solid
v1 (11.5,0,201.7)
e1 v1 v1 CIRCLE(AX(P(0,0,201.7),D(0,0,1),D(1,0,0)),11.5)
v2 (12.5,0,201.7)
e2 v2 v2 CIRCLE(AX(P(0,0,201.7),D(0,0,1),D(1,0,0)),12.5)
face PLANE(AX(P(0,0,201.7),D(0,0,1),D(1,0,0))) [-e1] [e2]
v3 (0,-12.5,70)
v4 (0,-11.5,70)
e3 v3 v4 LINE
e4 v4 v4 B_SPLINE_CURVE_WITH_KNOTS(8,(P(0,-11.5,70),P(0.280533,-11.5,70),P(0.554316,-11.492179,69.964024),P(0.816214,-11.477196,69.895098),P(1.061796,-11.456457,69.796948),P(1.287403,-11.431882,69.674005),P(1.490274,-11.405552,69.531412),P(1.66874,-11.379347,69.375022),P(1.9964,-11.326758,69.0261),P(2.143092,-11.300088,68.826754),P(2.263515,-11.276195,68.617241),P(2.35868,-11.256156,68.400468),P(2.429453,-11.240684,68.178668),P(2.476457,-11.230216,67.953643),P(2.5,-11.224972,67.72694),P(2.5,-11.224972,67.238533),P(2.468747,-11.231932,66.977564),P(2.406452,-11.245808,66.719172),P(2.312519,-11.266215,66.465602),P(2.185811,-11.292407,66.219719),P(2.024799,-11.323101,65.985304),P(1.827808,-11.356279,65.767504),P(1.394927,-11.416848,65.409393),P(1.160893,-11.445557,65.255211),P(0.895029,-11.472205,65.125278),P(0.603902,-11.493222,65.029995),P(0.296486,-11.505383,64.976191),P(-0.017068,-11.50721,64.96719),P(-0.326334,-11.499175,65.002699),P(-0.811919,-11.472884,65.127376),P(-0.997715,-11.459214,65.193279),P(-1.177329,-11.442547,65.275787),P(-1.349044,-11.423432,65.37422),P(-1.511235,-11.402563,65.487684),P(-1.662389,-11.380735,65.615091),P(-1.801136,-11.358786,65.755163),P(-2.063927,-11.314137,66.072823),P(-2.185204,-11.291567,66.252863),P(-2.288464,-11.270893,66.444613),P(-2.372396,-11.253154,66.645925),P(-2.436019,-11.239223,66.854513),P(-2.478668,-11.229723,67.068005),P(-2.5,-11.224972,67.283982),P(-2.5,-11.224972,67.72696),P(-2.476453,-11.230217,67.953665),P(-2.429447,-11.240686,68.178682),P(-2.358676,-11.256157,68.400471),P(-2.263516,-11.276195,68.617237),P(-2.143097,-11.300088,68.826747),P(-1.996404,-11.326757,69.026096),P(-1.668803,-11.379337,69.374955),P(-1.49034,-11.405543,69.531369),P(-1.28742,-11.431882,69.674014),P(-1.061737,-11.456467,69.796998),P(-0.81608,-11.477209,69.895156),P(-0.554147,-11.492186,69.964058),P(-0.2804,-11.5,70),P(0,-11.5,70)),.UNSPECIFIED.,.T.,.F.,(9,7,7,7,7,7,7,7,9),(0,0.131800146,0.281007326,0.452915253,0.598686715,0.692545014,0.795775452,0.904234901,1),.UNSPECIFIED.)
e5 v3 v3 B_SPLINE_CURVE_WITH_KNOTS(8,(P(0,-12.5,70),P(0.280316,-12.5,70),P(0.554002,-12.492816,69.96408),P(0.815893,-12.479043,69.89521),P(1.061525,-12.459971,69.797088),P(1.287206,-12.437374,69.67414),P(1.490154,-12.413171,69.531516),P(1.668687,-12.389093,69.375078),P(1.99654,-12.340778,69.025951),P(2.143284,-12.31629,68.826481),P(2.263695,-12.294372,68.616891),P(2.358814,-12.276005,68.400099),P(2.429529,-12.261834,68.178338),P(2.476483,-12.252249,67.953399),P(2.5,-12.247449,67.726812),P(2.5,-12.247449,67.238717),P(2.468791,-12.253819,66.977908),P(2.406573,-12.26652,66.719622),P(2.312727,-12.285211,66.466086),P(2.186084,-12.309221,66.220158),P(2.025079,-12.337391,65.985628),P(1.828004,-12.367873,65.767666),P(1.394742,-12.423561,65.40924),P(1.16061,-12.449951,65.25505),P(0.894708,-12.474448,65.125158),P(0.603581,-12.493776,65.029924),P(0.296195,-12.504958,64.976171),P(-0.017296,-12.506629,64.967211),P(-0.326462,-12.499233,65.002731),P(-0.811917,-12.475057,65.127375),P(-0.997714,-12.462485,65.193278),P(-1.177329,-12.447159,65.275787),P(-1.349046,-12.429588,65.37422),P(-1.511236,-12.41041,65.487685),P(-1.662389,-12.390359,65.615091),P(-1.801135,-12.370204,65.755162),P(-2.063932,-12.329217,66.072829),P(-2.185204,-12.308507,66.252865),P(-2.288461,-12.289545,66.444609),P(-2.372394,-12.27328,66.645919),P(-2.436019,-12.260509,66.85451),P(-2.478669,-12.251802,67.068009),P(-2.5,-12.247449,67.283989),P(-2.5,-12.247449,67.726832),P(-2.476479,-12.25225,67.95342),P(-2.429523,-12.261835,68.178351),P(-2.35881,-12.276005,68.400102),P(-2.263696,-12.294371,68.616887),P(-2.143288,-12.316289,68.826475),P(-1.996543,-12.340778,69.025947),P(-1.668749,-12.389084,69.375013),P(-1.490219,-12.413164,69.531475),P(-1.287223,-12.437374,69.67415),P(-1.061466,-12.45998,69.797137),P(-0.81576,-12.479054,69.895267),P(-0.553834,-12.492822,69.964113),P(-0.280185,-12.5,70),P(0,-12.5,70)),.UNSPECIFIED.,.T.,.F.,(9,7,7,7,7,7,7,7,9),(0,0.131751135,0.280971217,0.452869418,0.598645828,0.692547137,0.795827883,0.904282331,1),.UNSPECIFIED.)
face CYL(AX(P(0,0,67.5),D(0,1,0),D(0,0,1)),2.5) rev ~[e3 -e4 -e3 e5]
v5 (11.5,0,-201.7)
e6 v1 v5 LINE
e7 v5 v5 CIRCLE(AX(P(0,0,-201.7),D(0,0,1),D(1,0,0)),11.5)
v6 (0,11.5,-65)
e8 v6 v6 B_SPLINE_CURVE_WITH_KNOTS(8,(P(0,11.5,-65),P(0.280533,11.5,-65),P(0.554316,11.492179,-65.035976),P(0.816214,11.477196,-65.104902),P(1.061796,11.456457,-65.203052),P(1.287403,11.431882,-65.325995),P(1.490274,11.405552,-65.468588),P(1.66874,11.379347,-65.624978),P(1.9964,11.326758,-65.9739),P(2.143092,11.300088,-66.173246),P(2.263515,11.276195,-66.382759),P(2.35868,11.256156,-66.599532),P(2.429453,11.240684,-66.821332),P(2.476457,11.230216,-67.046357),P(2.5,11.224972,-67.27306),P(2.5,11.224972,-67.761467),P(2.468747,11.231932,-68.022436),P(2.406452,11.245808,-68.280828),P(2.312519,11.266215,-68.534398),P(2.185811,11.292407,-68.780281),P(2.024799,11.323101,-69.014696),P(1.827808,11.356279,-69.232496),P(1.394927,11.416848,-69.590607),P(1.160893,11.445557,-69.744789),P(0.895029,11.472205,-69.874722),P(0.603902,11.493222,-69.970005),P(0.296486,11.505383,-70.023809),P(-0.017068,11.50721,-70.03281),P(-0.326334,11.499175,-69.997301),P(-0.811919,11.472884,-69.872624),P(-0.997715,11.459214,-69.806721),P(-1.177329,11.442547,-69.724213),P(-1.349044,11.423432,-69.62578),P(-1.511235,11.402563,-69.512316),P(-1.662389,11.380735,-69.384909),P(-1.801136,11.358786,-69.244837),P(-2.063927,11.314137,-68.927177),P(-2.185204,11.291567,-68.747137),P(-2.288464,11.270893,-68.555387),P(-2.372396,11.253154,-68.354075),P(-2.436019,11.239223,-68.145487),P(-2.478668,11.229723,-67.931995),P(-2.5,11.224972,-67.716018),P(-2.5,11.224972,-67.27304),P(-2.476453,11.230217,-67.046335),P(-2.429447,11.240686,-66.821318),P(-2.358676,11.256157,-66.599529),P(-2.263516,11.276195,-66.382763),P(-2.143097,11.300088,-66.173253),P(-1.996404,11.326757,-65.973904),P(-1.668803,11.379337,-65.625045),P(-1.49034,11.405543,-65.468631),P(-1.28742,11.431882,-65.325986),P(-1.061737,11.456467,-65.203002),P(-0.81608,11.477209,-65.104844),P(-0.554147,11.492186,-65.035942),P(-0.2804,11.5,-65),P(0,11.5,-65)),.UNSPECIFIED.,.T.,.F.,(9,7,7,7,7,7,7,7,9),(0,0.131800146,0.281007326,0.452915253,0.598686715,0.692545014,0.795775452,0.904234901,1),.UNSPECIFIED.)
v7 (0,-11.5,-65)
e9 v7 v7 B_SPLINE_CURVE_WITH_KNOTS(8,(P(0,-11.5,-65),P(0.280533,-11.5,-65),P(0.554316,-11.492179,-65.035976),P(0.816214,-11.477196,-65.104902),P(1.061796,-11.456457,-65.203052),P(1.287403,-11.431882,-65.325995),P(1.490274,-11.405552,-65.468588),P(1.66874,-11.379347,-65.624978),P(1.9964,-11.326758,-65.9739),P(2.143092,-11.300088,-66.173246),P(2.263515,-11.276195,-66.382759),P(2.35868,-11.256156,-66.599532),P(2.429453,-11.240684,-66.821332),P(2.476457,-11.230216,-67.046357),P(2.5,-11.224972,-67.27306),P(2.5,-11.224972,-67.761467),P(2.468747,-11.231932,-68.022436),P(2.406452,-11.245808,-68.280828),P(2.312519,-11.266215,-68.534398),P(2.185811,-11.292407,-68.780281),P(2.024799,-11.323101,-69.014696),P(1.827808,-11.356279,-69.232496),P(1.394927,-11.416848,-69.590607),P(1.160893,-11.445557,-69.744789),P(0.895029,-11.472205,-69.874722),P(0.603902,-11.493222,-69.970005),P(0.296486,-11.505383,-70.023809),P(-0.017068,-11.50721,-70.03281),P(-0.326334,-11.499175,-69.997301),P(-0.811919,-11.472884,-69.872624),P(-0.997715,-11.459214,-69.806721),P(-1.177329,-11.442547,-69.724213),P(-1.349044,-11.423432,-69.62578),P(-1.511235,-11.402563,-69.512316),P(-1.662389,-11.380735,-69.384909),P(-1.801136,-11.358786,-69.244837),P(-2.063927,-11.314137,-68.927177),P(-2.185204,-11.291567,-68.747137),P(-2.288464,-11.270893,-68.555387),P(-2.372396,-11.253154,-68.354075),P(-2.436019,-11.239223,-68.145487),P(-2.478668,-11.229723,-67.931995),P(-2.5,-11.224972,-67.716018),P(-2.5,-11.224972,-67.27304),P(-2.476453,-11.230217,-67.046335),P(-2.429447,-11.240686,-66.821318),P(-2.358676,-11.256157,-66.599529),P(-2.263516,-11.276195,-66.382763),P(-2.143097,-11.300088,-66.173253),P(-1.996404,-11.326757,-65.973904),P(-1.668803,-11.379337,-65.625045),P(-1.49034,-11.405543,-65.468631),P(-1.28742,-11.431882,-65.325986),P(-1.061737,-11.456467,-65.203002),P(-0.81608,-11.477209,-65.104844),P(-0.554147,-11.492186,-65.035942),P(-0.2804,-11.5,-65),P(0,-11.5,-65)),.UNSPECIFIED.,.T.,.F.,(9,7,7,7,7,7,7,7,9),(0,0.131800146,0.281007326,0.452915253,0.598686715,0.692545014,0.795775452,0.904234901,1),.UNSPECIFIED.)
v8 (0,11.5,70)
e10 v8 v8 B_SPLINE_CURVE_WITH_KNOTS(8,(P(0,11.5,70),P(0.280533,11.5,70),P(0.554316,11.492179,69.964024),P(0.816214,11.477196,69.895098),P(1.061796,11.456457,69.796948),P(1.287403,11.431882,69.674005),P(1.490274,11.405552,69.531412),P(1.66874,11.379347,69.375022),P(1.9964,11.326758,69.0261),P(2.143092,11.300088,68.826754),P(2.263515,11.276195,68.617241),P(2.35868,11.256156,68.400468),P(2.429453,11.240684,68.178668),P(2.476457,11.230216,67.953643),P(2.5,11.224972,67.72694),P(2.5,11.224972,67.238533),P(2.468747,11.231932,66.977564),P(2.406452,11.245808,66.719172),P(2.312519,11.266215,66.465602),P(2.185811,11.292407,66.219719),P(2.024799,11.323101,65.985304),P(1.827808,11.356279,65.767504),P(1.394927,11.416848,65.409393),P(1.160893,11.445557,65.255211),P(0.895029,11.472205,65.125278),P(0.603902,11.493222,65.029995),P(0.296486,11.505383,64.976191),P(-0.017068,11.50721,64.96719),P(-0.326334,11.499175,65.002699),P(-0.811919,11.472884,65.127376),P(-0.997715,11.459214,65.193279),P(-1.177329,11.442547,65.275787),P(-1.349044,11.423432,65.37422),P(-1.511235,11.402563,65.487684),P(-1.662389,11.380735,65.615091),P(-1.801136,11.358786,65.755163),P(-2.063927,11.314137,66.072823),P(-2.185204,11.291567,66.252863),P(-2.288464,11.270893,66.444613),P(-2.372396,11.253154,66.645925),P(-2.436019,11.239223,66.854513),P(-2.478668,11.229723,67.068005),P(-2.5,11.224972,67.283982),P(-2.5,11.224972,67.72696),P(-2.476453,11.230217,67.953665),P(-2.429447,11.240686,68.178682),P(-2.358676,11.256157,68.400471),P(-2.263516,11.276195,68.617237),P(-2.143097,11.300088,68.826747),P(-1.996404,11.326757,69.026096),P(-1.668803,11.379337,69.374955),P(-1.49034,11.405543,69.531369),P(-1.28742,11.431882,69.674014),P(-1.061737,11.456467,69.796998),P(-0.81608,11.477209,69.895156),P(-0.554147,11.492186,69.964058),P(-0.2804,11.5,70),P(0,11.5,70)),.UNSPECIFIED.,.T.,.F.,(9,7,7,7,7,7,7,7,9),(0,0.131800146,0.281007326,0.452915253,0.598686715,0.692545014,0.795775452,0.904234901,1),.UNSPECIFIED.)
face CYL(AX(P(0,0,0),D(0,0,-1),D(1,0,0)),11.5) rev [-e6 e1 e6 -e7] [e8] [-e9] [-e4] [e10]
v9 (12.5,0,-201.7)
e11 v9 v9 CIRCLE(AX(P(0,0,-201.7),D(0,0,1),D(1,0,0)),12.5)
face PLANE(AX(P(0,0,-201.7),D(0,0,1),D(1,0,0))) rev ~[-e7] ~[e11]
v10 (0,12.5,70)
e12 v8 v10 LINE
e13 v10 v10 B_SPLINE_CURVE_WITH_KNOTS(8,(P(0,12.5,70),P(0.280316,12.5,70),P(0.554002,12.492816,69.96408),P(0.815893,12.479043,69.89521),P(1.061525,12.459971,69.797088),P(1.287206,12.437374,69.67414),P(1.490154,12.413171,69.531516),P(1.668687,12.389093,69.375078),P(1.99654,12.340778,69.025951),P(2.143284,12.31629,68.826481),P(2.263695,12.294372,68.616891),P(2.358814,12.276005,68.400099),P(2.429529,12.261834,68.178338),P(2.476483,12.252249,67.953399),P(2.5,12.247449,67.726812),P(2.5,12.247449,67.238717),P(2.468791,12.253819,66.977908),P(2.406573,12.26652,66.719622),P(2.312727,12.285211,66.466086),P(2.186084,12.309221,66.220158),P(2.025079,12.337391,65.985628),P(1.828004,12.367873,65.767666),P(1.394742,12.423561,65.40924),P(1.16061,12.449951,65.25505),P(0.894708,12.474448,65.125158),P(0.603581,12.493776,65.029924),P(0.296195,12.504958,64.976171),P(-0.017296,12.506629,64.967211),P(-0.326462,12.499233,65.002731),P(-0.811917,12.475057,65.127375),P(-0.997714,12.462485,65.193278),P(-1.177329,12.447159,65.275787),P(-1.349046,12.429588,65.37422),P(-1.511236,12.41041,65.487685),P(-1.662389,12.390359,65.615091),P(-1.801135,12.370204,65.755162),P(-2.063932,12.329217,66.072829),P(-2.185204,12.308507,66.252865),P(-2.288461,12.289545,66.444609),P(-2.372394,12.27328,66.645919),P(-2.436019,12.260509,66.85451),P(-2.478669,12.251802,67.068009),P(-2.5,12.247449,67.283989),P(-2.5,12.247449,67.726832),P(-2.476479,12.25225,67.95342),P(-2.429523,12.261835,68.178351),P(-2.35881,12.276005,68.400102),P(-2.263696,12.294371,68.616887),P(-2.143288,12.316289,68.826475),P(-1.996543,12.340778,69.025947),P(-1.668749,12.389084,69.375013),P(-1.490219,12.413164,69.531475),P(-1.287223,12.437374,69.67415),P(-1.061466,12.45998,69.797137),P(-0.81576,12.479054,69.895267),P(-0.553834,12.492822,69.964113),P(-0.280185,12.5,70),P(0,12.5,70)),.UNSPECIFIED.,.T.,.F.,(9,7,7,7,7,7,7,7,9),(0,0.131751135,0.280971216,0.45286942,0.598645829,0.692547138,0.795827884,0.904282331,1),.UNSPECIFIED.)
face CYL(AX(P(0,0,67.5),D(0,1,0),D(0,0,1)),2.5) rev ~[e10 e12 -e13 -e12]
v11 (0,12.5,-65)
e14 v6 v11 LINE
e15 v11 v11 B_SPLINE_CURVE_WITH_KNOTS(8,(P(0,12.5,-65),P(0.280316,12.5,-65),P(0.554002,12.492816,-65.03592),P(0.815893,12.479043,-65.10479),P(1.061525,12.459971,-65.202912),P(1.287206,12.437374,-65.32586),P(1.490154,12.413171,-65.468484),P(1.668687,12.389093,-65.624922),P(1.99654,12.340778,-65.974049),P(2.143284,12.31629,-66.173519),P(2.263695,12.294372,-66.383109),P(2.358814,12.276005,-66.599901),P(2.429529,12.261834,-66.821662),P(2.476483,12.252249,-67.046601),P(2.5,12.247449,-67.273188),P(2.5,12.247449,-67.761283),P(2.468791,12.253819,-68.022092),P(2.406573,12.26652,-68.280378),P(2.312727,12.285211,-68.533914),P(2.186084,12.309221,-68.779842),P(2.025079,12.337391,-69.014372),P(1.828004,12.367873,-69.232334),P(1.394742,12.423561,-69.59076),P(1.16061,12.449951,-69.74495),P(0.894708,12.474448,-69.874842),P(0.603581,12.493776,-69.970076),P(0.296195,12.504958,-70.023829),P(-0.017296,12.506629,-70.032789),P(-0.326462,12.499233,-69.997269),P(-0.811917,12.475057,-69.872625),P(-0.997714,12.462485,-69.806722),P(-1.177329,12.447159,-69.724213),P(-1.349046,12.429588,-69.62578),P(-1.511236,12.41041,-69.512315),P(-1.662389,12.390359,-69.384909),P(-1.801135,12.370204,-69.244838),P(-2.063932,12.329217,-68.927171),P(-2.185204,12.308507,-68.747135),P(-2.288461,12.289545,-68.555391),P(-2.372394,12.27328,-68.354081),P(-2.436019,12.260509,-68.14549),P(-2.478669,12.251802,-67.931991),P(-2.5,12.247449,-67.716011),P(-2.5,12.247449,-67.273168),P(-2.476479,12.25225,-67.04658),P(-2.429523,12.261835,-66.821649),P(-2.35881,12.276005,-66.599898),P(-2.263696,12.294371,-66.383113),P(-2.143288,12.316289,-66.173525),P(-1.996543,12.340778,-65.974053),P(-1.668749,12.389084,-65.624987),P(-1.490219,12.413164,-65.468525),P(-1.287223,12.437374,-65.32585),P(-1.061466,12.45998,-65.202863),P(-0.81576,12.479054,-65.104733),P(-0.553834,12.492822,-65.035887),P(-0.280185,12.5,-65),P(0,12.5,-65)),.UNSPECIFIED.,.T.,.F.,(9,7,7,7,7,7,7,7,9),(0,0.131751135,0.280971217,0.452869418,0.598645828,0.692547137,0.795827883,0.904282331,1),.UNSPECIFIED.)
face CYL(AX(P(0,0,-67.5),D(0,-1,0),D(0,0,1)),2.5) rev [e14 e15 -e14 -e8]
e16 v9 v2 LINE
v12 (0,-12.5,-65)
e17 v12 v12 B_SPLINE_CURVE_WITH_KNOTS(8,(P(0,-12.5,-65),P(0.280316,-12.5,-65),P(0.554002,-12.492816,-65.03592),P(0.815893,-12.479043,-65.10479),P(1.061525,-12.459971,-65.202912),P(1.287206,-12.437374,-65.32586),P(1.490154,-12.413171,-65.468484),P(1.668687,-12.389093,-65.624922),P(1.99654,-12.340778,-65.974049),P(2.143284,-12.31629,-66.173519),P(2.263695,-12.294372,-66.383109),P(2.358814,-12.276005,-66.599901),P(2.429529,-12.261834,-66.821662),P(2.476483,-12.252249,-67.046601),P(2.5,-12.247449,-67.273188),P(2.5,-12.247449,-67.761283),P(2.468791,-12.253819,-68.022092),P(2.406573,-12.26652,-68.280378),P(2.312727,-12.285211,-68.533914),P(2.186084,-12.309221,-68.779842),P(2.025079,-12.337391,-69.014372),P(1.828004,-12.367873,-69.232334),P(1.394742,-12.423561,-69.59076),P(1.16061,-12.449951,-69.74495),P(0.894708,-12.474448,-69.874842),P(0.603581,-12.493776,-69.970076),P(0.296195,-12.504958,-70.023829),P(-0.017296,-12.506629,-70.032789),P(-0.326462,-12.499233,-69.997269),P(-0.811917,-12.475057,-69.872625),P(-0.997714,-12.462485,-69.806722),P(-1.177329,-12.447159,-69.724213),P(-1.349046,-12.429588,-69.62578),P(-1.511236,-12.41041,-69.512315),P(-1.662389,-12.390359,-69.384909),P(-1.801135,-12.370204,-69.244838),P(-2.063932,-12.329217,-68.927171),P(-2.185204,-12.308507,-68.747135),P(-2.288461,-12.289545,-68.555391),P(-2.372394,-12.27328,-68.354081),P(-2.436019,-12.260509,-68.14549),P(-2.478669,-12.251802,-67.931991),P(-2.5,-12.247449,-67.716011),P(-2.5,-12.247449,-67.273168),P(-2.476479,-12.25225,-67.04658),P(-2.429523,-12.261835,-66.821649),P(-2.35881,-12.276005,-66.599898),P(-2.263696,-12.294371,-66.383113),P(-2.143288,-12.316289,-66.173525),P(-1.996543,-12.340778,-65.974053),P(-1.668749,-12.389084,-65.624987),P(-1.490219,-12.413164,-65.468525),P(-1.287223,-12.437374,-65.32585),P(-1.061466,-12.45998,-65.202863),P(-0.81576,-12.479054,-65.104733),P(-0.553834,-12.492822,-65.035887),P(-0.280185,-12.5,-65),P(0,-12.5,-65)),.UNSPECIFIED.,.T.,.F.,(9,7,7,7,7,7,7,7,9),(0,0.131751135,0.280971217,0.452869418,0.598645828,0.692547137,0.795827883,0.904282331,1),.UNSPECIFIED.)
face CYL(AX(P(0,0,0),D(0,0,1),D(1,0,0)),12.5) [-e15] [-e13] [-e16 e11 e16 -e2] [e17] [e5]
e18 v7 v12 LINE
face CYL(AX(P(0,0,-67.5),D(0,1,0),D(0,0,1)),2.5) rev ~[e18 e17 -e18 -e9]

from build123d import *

# Parameters (mm, degrees)
SKETCH_1_R          = 12.5
SKETCH_1_R_2        = 11.5
EXTRUDE_1_DEPTH     = 201.7
SKETCH_3_R          = 2.5
CUT_EXTRUDE_1_DEPTH = 50


with BuildPart() as part:
    # 草图1 → 凸台-拉伸1 (new, symmetric)
    with BuildSketch(Plane.XY):
        Circle(SKETCH_1_R)
        Circle(SKETCH_1_R_2, mode=Mode.SUBTRACT)
    extrude(amount=EXTRUDE_1_DEPTH, both=True)

    # 草图3 → 切除-拉伸1 (cut, symmetric)
    with BuildSketch(Plane(origin=(0, 0, 0), x_dir=(1, 0, 0), z_dir=(0, 1, 0))):
        with Locations(Location((0, 67.5, 0), (0, 0, 270))):
            Circle(SKETCH_3_R)
        with Locations(Location((0, -67.5, 0), (0, 0, 270))):
            Circle(SKETCH_3_R)
    extrude(amount=CUT_EXTRUDE_1_DEPTH, both=True, mode=Mode.SUBTRACT)


solid = part.part
